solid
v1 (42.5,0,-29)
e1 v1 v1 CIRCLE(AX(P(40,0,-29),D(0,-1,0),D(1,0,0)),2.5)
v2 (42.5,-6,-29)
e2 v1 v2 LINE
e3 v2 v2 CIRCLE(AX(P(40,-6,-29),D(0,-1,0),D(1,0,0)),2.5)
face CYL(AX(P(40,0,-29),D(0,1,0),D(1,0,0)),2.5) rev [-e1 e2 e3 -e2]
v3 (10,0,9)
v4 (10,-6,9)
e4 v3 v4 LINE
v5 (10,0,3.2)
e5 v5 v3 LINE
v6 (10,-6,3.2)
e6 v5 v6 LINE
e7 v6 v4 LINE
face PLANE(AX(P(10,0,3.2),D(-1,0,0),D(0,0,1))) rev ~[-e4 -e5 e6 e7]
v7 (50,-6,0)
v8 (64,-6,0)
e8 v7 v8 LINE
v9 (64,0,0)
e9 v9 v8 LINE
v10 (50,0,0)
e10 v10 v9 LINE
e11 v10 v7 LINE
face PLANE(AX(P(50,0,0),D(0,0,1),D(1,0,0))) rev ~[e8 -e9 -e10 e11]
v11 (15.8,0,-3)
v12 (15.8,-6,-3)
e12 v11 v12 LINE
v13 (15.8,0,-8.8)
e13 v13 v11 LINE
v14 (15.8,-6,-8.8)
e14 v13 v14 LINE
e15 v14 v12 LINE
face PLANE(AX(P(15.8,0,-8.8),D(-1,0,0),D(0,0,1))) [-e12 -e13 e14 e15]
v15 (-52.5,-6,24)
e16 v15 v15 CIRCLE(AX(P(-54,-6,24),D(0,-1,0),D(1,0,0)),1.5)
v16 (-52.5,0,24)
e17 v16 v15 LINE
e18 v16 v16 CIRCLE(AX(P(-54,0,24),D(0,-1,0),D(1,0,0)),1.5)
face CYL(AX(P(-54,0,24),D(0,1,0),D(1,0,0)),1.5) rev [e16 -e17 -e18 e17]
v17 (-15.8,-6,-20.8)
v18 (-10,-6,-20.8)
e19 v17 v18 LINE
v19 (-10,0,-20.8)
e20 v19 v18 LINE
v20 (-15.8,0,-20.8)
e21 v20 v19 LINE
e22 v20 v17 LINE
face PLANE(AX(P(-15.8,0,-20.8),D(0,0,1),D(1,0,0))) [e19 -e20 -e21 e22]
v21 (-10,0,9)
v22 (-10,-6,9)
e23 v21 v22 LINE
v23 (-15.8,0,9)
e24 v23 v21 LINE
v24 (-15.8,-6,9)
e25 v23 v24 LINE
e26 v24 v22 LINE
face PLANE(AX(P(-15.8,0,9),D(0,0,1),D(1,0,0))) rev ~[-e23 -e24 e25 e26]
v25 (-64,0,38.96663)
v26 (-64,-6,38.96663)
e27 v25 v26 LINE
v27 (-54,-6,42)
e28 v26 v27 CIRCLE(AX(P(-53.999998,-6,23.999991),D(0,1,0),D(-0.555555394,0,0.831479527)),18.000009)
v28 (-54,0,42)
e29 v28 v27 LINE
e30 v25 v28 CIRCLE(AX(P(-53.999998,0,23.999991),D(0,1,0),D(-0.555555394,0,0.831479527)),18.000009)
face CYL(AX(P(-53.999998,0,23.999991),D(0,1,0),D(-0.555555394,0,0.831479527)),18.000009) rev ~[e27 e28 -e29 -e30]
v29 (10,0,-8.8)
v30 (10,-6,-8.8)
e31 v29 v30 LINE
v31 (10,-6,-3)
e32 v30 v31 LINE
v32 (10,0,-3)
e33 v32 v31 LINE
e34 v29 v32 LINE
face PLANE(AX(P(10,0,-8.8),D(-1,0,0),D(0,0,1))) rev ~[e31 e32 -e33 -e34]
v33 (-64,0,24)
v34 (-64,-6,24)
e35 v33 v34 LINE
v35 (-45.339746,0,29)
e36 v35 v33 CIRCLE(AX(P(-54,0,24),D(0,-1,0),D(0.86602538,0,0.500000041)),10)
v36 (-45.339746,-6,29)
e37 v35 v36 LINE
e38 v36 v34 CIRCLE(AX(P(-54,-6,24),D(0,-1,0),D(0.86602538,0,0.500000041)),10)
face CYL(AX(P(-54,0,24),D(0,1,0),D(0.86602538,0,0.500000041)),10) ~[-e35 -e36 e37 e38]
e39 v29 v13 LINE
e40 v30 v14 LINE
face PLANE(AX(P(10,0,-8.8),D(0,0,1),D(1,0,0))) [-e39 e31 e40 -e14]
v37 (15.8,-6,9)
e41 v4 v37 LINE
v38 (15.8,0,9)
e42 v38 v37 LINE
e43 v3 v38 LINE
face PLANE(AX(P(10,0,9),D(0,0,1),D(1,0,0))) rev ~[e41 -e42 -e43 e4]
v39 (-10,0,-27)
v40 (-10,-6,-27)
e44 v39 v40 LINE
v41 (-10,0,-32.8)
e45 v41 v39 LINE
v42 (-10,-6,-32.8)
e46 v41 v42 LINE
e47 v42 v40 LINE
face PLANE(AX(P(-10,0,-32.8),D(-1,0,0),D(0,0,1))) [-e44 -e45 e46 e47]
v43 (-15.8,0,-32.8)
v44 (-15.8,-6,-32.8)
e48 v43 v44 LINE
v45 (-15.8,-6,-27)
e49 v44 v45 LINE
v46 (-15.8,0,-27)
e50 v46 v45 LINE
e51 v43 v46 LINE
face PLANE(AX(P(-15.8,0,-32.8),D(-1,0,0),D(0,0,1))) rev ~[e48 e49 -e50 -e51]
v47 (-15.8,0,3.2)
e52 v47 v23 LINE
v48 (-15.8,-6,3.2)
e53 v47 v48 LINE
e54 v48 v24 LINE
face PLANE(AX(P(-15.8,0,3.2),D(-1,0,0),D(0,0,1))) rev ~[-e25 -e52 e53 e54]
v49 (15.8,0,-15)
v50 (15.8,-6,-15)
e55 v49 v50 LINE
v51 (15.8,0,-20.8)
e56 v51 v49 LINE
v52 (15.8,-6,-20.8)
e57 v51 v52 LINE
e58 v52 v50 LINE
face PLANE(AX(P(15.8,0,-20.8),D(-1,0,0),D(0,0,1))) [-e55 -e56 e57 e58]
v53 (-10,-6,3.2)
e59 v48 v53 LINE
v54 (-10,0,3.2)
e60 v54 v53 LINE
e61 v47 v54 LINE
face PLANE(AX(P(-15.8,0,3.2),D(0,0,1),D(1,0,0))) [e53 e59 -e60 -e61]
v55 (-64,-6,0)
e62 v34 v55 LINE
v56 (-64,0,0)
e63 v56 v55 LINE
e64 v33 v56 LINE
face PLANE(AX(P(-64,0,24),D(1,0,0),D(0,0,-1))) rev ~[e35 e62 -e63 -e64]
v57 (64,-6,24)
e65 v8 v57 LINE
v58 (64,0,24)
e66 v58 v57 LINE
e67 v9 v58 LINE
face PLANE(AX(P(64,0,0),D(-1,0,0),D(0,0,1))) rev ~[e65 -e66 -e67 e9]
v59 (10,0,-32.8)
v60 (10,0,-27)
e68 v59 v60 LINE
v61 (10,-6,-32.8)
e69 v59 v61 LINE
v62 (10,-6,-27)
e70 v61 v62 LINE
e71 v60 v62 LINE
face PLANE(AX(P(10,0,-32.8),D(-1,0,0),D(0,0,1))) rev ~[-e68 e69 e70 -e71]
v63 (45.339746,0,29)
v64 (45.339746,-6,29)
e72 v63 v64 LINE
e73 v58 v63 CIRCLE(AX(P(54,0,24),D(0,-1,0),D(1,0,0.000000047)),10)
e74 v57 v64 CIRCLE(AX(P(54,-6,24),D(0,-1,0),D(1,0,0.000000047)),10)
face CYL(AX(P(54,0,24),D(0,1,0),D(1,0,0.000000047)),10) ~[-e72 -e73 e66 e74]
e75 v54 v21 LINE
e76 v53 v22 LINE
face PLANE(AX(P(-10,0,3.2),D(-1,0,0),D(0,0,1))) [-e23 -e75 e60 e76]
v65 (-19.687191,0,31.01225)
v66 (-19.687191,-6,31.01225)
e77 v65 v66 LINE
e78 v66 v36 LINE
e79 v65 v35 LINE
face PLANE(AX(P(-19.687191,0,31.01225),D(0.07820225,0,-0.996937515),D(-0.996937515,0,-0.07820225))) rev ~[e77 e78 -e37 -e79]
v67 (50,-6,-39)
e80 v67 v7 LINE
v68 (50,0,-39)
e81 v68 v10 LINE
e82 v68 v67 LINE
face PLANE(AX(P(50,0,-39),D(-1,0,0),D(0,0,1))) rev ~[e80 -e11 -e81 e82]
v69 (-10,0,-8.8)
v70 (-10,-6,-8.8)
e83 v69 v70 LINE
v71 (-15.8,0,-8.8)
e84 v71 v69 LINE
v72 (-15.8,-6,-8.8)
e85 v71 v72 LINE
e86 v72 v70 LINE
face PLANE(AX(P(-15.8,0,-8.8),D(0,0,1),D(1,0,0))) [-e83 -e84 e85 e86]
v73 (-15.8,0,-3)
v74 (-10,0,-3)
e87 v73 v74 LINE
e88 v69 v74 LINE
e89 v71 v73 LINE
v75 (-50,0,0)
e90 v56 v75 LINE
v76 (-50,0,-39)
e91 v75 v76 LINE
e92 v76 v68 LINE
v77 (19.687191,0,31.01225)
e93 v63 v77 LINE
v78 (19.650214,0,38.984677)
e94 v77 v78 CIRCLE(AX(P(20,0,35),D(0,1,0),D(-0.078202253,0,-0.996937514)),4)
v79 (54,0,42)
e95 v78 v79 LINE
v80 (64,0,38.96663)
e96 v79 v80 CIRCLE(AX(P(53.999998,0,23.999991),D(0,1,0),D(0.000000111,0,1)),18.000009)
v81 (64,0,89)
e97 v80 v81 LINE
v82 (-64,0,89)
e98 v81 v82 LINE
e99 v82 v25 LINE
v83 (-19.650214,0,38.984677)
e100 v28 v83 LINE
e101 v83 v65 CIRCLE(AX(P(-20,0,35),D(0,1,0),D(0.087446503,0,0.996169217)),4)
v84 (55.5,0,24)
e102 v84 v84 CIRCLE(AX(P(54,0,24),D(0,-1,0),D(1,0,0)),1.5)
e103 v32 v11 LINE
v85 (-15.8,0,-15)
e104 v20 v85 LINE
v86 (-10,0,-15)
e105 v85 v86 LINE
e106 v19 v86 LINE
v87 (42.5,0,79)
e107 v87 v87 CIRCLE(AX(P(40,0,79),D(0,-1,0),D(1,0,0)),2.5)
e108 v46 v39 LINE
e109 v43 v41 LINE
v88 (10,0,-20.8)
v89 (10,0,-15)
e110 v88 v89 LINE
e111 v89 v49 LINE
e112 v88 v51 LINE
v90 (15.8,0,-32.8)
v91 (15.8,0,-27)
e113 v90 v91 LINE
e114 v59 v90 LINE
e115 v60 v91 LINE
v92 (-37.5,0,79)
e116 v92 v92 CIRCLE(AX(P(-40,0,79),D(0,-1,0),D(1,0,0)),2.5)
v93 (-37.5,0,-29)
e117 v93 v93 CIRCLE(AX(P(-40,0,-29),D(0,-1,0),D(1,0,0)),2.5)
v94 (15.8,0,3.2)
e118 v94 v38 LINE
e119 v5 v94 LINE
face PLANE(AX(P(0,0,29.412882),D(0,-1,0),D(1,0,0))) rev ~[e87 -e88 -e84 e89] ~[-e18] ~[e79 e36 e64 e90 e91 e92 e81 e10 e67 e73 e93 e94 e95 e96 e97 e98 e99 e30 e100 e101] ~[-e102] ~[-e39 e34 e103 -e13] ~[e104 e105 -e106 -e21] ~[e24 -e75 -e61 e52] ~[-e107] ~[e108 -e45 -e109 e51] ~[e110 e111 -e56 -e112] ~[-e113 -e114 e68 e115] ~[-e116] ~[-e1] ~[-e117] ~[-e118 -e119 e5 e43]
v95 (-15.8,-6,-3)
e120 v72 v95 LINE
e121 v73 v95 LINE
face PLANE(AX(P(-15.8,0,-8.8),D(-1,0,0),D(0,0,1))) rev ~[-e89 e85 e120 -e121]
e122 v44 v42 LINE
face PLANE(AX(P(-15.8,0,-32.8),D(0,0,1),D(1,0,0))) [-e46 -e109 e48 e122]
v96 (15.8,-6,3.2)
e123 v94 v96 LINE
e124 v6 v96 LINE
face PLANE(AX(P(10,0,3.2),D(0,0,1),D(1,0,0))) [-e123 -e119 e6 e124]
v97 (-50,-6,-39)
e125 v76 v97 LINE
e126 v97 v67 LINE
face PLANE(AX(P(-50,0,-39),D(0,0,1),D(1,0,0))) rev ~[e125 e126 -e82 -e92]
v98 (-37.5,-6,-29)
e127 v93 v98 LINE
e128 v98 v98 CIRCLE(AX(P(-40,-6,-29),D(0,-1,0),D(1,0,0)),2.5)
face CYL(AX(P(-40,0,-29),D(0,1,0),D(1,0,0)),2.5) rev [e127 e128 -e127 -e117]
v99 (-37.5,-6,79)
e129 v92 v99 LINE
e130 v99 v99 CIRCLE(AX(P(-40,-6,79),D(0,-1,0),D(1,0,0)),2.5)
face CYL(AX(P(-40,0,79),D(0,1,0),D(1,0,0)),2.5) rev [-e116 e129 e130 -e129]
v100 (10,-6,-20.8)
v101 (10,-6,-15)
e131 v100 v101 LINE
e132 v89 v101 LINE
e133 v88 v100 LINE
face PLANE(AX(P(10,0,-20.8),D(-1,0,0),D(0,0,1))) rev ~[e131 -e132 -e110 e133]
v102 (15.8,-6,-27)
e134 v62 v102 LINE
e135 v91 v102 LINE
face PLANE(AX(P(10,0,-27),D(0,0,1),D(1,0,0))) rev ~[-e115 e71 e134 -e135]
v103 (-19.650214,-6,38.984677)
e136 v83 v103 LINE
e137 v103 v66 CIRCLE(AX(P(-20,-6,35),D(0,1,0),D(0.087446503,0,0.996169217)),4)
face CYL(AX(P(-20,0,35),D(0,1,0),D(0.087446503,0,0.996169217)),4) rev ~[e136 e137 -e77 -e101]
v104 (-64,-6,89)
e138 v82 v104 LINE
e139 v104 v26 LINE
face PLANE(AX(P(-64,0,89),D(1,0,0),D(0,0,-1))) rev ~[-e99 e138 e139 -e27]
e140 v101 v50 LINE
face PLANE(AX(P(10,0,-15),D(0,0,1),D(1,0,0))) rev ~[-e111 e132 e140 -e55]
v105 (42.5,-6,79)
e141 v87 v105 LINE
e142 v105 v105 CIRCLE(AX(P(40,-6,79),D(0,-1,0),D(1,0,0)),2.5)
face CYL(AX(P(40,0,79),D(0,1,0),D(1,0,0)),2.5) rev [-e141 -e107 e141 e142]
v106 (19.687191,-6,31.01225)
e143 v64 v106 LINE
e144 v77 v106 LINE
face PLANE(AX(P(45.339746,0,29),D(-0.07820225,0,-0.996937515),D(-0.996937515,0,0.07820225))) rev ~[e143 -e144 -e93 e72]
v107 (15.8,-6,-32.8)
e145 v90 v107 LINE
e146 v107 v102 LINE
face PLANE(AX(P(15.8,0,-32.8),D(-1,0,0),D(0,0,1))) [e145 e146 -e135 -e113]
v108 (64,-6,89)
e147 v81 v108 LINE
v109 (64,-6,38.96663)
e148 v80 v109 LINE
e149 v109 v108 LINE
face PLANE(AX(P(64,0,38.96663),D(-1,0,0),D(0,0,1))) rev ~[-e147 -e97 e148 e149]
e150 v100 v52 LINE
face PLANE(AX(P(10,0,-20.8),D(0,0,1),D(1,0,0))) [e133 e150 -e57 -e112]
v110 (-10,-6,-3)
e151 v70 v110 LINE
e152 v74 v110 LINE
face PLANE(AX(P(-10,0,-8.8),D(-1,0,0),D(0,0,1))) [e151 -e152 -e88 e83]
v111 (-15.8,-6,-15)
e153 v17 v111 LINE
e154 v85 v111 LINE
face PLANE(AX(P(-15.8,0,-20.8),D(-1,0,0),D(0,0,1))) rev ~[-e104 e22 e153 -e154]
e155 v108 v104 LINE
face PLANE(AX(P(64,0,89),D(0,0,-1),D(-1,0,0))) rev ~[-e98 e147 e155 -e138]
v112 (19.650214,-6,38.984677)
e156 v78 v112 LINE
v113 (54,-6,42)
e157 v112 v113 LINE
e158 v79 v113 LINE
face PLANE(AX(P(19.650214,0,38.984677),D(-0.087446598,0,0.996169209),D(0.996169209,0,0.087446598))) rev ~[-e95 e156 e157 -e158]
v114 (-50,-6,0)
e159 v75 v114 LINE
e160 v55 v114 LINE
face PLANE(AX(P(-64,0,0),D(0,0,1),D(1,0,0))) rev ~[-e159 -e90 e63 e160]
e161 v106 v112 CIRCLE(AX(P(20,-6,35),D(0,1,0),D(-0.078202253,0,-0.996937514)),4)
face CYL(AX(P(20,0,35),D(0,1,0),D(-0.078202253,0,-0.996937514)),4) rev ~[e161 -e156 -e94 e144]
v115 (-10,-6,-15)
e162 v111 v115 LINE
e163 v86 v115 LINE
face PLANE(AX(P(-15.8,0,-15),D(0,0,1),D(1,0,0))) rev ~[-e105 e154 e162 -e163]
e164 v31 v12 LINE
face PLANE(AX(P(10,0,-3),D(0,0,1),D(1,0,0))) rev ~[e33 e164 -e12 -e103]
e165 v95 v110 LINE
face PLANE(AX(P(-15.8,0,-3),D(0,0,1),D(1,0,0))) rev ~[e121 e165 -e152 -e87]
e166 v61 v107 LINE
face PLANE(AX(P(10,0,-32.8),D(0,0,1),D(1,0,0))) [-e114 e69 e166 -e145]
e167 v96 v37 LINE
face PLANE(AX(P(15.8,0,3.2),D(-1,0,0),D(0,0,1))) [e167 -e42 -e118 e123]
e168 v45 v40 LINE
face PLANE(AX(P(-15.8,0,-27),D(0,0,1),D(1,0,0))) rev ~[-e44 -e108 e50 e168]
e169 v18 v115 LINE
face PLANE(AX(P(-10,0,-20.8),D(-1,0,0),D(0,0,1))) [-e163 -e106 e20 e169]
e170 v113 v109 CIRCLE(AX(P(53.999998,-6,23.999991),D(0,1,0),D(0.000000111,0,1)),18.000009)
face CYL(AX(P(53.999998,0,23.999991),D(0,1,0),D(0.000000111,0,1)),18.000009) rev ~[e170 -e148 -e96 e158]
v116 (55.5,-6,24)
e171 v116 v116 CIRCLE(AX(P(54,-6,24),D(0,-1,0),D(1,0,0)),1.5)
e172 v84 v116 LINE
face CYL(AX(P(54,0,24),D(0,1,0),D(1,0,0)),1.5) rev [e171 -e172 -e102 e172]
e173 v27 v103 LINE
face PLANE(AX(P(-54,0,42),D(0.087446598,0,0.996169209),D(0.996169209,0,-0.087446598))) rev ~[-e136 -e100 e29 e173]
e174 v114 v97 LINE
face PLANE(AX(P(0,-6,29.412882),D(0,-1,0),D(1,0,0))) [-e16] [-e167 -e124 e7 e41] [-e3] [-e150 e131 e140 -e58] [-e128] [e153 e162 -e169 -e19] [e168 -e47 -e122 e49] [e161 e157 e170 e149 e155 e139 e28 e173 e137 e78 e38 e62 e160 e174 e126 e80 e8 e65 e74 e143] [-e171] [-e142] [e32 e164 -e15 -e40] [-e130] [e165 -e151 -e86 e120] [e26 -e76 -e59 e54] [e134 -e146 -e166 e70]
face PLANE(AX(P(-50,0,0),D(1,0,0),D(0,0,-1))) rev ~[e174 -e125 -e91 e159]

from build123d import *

# Parameters (mm, degrees)
F0_R     = 2.5
F0_W     = 5.8
F0_H     = 5.8
F0_R_2   = 1.5
F1_DEPTH = 6


with BuildPart() as f1:
    # F0 (on Front) → F1 (new body)
    with BuildSketch(Plane.XZ):
        with BuildLine():
            Line((-50, 0), (-50, -39))
            Line((-50, -39), (50, -39))
            Line((50, -39), (50, 0))
            Line((50, 0), (64, 0))
            Line((64, 0), (64, 24))
            ThreePointArc((64, 24), (56.58819, 33.659258), (45.339746, 29))
            Line((45.339746, 29), (19.687191, 31.01225))
            ThreePointArc((19.687191, 31.01225), (16.000043, 34.981448), (19.650214, 38.984677))
            Line((19.650214, 38.984677), (54, 42))
            ThreePointArc((54, 42), (59.224972, 41.224972), (64, 38.96663))
            Line((64, 38.96663), (64, 89))
            Line((64, 89), (-64, 89))
            Line((-64, 89), (-64, 38.96663))
            ThreePointArc((-64, 38.96663), (-59.224972, 41.224972), (-54, 42))
            Line((-54, 42), (-19.650214, 38.984677))
            ThreePointArc((-19.650214, 38.984677), (-16.000043, 34.981448), (-19.687191, 31.01225))
            Line((-19.687191, 31.01225), (-45.339746, 29))
            ThreePointArc((-45.339746, 29), (-56.58819, 33.659258), (-64, 24))
            Line((-64, 24), (-64, 0))
            Line((-64, 0), (-50, 0))
        make_face()
        with Locations((-40, -29)):
            Circle(F0_R, mode=Mode.SUBTRACT)
        with Locations((-12.9, -29.9)):
            Rectangle(F0_W, F0_H, mode=Mode.SUBTRACT)
        with Locations((-12.9, -17.9)):
            Rectangle(F0_W, F0_H, mode=Mode.SUBTRACT)
        with Locations((-54, 24)):
            Circle(F0_R_2, mode=Mode.SUBTRACT)
        with Locations((-12.9, -5.9)):
            Rectangle(F0_W, F0_H, mode=Mode.SUBTRACT)
        with Locations((-12.9, 6.1)):
            Rectangle(F0_W, F0_H, mode=Mode.SUBTRACT)
        with Locations((12.9, -29.9)):
            Rectangle(F0_W, F0_H, mode=Mode.SUBTRACT)
        with Locations((12.9, -17.9)):
            Rectangle(F0_W, F0_H, mode=Mode.SUBTRACT)
        with Locations((40, -29)):
            Circle(F0_R, mode=Mode.SUBTRACT)
        with Locations((12.9, -5.9)):
            Rectangle(F0_W, F0_H, mode=Mode.SUBTRACT)
        with Locations((12.9, 6.1)):
            Rectangle(F0_W, F0_H, mode=Mode.SUBTRACT)
        with Locations((54, 24)):
            Circle(F0_R_2, mode=Mode.SUBTRACT)
        with Locations((-40, 79)):
            Circle(F0_R, mode=Mode.SUBTRACT)
        with Locations((40, 79)):
            Circle(F0_R, mode=Mode.SUBTRACT)
    extrude(amount=F1_DEPTH)


solid = f1.part
